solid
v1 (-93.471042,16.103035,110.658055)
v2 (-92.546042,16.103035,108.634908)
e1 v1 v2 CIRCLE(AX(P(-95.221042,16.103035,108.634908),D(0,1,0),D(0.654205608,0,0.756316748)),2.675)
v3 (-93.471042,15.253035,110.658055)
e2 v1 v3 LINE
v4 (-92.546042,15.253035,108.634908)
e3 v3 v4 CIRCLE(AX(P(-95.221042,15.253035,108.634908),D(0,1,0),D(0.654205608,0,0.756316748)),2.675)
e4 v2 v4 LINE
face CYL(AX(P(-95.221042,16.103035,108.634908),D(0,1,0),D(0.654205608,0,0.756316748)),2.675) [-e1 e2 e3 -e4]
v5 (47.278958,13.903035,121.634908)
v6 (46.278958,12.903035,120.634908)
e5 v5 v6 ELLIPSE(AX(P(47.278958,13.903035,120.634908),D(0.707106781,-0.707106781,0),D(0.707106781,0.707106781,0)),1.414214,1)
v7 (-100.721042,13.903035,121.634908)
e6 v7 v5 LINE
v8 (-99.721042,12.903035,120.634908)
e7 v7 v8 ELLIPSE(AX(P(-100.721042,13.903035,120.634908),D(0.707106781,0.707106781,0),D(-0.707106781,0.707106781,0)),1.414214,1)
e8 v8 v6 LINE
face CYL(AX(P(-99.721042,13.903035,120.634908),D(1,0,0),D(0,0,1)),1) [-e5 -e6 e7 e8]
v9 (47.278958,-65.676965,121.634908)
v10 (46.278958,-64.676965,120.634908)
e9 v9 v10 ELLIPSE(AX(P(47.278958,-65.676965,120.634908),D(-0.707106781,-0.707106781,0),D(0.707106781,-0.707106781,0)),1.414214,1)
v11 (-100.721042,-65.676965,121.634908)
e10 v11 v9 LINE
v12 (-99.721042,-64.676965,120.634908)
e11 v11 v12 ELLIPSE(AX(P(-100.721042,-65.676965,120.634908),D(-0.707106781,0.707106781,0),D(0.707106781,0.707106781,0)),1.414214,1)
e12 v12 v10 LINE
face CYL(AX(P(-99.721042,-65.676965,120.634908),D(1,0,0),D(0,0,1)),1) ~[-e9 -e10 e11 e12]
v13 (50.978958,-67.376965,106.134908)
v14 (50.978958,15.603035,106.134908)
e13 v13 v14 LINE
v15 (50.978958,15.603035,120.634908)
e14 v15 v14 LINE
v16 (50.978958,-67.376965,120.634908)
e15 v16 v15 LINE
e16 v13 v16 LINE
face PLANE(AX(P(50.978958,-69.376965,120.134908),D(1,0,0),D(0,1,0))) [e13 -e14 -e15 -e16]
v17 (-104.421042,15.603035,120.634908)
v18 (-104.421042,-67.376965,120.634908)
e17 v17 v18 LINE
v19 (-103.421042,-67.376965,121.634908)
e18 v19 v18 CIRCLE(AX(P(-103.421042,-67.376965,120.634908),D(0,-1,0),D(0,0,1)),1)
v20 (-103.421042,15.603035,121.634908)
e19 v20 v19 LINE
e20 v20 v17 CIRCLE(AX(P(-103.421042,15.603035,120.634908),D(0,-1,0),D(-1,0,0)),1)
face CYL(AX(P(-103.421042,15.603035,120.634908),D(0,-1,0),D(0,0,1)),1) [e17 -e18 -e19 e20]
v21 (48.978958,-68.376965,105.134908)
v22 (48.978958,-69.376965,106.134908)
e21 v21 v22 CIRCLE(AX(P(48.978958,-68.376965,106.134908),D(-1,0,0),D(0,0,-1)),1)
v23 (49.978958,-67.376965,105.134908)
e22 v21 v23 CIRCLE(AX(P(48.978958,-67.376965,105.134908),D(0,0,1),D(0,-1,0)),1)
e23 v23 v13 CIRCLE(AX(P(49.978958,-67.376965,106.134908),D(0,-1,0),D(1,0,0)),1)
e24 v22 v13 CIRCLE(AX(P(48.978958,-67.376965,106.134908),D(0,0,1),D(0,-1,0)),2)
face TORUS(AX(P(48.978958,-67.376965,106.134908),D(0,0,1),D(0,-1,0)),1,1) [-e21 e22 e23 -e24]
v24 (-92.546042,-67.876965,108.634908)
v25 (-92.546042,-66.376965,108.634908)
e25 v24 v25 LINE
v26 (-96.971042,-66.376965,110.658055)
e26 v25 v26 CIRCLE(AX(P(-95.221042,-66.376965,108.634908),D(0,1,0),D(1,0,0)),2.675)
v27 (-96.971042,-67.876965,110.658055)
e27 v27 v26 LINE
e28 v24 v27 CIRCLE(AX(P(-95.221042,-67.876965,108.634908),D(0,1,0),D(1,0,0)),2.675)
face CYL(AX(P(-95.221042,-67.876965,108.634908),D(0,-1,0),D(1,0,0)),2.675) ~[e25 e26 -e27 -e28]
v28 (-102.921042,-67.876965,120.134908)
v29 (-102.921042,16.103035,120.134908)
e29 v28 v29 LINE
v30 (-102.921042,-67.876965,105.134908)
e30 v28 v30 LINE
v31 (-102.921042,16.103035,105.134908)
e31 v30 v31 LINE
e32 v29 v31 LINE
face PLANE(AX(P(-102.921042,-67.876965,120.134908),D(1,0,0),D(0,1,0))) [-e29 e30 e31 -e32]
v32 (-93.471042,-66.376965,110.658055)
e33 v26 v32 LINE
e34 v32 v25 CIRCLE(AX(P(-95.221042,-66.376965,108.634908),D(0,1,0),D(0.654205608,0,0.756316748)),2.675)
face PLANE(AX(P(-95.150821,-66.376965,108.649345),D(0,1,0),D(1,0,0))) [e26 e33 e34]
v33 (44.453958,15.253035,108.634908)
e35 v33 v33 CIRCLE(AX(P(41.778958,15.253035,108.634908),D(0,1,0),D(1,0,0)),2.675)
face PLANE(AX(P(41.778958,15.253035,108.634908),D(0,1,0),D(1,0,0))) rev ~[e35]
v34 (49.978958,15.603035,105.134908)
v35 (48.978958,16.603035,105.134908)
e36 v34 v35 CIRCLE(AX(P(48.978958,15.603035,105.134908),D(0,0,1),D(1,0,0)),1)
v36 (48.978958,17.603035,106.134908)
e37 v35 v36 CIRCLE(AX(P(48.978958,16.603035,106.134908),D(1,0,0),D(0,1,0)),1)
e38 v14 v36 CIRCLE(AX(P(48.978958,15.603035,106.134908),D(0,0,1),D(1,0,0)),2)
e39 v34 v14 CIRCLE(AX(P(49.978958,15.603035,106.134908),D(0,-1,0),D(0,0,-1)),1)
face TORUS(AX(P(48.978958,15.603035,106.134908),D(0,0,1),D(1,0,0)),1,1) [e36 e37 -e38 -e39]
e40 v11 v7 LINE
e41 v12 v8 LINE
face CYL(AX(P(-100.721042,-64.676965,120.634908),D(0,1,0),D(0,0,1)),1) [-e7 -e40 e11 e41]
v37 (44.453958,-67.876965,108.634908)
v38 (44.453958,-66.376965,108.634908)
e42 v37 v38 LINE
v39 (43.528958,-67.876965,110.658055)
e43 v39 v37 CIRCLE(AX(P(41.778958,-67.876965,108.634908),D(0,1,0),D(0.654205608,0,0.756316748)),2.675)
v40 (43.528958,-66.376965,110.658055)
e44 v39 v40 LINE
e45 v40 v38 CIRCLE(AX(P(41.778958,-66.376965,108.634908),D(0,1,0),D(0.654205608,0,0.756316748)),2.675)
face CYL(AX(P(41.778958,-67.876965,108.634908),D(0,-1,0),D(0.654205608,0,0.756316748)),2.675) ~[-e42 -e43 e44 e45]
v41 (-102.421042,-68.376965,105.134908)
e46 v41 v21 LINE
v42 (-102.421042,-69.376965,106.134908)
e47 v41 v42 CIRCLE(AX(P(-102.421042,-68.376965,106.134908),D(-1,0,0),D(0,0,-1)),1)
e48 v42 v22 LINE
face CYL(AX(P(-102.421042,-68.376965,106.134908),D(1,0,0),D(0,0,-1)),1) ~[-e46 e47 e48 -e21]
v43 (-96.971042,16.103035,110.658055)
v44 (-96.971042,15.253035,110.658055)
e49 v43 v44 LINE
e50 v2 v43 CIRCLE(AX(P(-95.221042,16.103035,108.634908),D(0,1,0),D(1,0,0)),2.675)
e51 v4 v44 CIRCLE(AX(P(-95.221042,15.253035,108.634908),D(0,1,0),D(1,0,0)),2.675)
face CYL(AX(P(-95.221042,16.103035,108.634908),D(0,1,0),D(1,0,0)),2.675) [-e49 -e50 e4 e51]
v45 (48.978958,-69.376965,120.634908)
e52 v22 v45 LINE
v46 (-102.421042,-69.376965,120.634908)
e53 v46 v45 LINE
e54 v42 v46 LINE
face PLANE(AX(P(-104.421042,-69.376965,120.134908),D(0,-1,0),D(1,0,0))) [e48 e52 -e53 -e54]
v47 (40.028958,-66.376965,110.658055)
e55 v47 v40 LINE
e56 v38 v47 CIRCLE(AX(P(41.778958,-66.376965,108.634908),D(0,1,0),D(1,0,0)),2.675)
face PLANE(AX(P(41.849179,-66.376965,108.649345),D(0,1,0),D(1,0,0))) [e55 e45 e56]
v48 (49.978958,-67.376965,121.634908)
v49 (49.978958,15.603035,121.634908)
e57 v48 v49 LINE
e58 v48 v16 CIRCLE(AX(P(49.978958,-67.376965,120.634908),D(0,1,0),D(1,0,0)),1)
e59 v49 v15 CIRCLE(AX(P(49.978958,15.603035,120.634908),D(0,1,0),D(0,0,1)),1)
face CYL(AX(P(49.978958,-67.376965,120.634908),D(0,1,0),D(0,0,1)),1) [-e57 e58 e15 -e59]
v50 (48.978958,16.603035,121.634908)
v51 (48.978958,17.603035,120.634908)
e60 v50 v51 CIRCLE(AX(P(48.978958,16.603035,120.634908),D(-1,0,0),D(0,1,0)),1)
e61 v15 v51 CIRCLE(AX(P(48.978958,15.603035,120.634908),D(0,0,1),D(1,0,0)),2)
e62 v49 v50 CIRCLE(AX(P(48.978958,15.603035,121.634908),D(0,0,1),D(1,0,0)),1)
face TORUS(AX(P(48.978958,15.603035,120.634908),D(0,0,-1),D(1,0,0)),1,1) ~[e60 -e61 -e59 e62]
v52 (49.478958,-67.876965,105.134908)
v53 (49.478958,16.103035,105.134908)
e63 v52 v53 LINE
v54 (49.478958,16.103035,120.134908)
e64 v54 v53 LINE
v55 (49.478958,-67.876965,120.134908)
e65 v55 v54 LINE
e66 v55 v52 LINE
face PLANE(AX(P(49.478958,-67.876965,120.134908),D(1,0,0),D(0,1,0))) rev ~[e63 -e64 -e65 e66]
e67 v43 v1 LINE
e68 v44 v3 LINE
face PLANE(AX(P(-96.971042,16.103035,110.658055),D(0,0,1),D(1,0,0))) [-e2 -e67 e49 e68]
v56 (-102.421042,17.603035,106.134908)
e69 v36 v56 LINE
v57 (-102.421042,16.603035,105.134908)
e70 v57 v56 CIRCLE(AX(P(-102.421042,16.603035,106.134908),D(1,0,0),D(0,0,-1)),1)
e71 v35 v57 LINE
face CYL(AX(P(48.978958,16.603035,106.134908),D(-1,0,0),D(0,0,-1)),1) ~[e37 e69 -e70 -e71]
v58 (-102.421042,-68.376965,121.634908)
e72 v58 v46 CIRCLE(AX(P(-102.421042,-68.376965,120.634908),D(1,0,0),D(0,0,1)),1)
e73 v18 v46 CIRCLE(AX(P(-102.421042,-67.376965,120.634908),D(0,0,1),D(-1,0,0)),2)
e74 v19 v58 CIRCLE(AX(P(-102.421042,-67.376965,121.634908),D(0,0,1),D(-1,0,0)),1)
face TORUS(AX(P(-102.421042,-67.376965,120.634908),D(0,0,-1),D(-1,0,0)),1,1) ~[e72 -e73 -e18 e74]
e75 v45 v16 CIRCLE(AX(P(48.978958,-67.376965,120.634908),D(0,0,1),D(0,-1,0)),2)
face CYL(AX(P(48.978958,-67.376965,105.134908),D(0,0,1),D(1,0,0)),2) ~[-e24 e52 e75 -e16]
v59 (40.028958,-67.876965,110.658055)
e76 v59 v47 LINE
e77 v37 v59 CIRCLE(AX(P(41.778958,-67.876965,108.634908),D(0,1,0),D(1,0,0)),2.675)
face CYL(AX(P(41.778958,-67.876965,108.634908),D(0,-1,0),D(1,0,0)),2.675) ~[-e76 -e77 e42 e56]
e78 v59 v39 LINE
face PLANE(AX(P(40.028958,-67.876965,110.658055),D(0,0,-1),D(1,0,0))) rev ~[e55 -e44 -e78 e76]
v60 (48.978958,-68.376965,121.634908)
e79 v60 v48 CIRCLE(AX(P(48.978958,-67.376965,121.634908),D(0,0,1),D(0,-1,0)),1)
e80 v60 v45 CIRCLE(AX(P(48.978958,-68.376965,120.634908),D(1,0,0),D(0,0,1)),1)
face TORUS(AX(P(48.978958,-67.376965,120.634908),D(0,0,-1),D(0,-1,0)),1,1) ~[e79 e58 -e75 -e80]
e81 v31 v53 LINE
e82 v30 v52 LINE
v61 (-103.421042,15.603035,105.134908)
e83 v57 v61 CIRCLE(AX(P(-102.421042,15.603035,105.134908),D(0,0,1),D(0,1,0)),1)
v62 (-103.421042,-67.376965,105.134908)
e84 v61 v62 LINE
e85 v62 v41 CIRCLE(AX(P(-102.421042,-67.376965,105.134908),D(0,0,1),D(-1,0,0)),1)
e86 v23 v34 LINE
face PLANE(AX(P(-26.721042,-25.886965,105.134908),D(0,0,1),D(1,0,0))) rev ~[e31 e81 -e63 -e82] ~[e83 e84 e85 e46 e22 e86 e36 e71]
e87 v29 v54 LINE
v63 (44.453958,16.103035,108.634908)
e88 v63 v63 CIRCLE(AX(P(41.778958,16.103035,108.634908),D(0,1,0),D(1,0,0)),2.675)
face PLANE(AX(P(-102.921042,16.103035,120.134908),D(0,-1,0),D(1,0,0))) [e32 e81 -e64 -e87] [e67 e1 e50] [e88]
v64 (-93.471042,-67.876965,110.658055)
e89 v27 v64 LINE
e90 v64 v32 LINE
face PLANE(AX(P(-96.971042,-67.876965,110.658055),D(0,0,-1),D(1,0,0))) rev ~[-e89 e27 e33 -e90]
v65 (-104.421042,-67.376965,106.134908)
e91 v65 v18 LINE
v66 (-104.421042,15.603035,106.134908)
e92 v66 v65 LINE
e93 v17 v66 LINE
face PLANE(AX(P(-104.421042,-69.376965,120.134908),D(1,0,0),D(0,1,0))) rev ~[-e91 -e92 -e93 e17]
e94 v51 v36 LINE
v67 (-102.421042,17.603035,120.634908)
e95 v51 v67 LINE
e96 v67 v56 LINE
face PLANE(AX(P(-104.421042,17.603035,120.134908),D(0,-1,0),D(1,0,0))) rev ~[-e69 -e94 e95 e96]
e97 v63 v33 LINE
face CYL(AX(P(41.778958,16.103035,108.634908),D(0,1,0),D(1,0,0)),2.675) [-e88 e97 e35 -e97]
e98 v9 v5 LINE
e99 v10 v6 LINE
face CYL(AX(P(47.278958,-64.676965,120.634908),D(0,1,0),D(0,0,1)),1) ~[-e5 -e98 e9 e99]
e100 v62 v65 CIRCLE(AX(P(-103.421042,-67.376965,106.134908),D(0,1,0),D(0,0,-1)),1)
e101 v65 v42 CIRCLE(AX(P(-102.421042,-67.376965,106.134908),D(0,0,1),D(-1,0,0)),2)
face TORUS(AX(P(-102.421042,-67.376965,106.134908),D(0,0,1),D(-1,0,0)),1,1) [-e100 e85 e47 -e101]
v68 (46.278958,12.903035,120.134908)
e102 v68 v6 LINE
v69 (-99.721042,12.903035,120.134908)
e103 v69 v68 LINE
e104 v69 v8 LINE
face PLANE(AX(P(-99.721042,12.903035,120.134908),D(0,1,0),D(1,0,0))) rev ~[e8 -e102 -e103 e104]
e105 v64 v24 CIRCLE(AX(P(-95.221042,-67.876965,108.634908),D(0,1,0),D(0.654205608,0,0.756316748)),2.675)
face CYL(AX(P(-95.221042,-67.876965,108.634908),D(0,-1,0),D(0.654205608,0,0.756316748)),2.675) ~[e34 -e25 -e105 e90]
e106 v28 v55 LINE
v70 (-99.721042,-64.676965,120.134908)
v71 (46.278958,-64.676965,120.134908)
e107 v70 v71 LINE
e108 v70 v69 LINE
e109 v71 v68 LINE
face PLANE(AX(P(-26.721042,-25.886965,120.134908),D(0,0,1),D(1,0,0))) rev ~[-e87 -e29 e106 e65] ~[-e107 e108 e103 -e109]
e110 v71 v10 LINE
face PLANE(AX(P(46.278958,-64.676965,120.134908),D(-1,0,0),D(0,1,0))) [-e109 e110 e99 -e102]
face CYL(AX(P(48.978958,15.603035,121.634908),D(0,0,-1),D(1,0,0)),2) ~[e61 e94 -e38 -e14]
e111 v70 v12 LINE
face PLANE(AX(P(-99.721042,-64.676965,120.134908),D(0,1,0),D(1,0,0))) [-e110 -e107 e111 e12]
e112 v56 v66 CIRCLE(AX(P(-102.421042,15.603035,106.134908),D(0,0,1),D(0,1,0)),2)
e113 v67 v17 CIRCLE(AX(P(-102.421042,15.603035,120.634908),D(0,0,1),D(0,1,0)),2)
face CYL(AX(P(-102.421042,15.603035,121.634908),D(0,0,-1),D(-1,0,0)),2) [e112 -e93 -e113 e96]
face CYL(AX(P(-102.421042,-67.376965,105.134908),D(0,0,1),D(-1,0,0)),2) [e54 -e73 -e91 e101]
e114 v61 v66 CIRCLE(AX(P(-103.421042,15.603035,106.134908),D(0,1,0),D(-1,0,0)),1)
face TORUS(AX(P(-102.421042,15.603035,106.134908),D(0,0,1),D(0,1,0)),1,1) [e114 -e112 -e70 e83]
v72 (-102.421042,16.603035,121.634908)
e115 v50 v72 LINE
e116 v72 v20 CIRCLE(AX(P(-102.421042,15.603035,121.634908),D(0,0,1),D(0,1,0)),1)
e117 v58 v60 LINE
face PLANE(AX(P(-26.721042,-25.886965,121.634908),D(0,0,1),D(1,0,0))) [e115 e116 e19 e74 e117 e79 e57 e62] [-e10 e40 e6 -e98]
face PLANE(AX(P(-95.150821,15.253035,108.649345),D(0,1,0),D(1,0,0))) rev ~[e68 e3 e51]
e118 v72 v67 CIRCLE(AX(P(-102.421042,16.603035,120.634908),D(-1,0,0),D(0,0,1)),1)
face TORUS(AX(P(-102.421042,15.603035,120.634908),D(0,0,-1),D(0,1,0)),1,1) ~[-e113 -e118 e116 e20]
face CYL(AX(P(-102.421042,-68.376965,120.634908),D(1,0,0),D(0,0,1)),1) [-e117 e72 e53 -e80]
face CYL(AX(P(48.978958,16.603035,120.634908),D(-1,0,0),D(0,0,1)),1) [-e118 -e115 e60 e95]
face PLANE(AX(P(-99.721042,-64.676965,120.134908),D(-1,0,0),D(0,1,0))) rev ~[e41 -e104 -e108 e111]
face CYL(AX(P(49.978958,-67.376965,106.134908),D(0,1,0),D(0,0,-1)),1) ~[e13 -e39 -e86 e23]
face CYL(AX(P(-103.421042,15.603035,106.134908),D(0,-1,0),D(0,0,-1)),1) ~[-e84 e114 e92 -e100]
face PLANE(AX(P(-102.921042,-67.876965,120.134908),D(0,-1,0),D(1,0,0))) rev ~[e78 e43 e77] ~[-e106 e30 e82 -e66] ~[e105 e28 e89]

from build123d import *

# Parameters (mm, degrees)
SKETCH1_W           = 155.4
SKETCH1_H           = 86.98
SKETCH1_W_2         = 152.4
SKETCH1_H_2         = 83.98
SKETCH1_W_3         = 146
SKETCH1_H_3         = 77.58
BOSS_EXTRUDE1_DEPTH = 1.5
SKETCH1_3_W         = 155.4
SKETCH1_3_H         = 86.98
SKETCH1_3_W_2       = 152.4
SKETCH1_3_H_2       = 83.98
BOSS_EXTRUDE2_DEPTH = 15
FILLET1_R           = 2
FILLET2_R           = 1
BOSS_EXTRUDE3_DEPTH = 1.5
BOSS_EXTRUDE4_START = 83.98
SKETCH2_3_R         = 2.675
BOSS_EXTRUDE4_DEPTH = 0.85


with BuildPart() as part:
    # Sketch1 → Boss-Extrude1 (new body)
    with BuildSketch(Plane.XY.offset(120.134907759)):
        with Locations((-26.721041987, -25.88696544)):
            Rectangle(SKETCH1_W, SKETCH1_H)
        with Locations((-26.721041987, -25.88696544)):
            Rectangle(SKETCH1_W_2, SKETCH1_H_2, mode=Mode.SUBTRACT)
        with Locations((-26.721041987, -25.88696544)):
            Rectangle(SKETCH1_W_2, SKETCH1_H_2)
        with Locations((-26.721041987, -25.88696544)):
            Rectangle(SKETCH1_W_3, SKETCH1_H_3, mode=Mode.SUBTRACT)
    extrude(amount=BOSS_EXTRUDE1_DEPTH)

    # Sketch1<3> → Boss-Extrude2 (add)
    with BuildSketch(Plane.XY.offset(120.134907759)):
        with Locations((-26.721041987, -25.88696544)):
            Rectangle(SKETCH1_3_W, SKETCH1_3_H)
        with Locations((-26.721041987, -25.88696544)):
            Rectangle(SKETCH1_3_W_2, SKETCH1_3_H_2, mode=Mode.SUBTRACT)
    extrude(amount=-BOSS_EXTRUDE2_DEPTH)

    # Fillet1
    fillet1_edges = [part.edges().sort_by_distance(p)[0] for p in [
        (50.978958013, -69.37696544, 113.384907759),
        (-104.421041987, -69.37696544, 113.384907759),
        (-104.421041987, 17.60303456, 113.384907759),
        (50.978958013, 17.60303456, 113.384907759),
    ]]
    fillet(fillet1_edges, radius=FILLET1_R)

    # Fillet2
    fillet2_edges = [part.edges().sort_by_distance(p)[0] for p in [
        (-26.721041987, -64.67696544, 121.634907759),
        (-99.721041987, -25.88696544, 121.634907759),
        (-26.721041987, 12.90303456, 121.634907759),
        (46.278958013, -25.88696544, 121.634907759),
        (-26.721041987, -69.37696544, 105.134907759),
        (-26.721041987, -69.37696544, 121.634907759),
        (50.978958013, -25.88696544, 105.134907759),
        (-104.421041987, -25.88696544, 105.134907759),
        (-26.721041987, 17.60303456, 105.134907759),
        (50.393171575, -68.791179003, 105.134907759),
        (50.393171575, 17.017248122, 105.134907759),
        (-103.835255549, 17.017248122, 105.134907759),
        (-103.835255549, -68.791179003, 105.134907759),
        (-104.421041987, -25.88696544, 121.634907759),
        (50.978958013, -25.88696544, 121.634907759),
        (-26.721041987, 17.60303456, 121.634907759),
        (50.393171575, -68.791179003, 121.634907759),
        (50.393171575, 17.017248122, 121.634907759),
        (-103.835255549, 17.017248122, 121.634907759),
        (-103.835255549, -68.791179003, 121.634907759),
    ]]
    fillet(fillet2_edges, radius=FILLET2_R)

    # Sketch2 → Boss-Extrude3 (add)
    with BuildSketch(Plane(origin=(0, -67.87696544, 0), x_dir=(1, 0, 0), z_dir=(0, 1, 0))):
        with BuildLine():
            Line((-96.971041987, -110.65805506), (-93.471041987, -110.65805506))
            ThreePointArc((-93.471041987, -110.65805506), (-92.788258088, -109.747197065), (-92.546041987, -108.634907759))
            ThreePointArc((-92.546041987, -108.634907759), (-96.333331293, -106.20212386), (-96.971041987, -110.65805506))
        make_face()
        with BuildLine():
            Line((40.028958013, -110.65805506), (43.528958013, -110.65805506))
            ThreePointArc((43.528958013, -110.65805506), (44.211741912, -109.747197065), (44.453958013, -108.634907759))
            ThreePointArc((44.453958013, -108.634907759), (40.666668707, -106.20212386), (40.028958013, -110.65805506))
        make_face()
    extrude(amount=BOSS_EXTRUDE3_DEPTH)

    # Sketch2<3> → Boss-Extrude4 (add)
    with BuildSketch(Plane(origin=(0, -67.87696544, 0), x_dir=(1, 0, 0), z_dir=(0, 1, 0)).offset(BOSS_EXTRUDE4_START)):
        with BuildLine():
            Line((-96.971041987, -110.65805506), (-93.471041987, -110.65805506))
            ThreePointArc((-93.471041987, -110.65805506), (-92.788258088, -109.747197065), (-92.546041987, -108.634907759))
            ThreePointArc((-92.546041987, -108.634907759), (-96.333331293, -106.20212386), (-96.971041987, -110.65805506))
        make_face()
        with Locations((41.778958013, -108.634907759)):
            Circle(SKETCH2_3_R)
    extrude(amount=-BOSS_EXTRUDE4_DEPTH)


solid = part.part
